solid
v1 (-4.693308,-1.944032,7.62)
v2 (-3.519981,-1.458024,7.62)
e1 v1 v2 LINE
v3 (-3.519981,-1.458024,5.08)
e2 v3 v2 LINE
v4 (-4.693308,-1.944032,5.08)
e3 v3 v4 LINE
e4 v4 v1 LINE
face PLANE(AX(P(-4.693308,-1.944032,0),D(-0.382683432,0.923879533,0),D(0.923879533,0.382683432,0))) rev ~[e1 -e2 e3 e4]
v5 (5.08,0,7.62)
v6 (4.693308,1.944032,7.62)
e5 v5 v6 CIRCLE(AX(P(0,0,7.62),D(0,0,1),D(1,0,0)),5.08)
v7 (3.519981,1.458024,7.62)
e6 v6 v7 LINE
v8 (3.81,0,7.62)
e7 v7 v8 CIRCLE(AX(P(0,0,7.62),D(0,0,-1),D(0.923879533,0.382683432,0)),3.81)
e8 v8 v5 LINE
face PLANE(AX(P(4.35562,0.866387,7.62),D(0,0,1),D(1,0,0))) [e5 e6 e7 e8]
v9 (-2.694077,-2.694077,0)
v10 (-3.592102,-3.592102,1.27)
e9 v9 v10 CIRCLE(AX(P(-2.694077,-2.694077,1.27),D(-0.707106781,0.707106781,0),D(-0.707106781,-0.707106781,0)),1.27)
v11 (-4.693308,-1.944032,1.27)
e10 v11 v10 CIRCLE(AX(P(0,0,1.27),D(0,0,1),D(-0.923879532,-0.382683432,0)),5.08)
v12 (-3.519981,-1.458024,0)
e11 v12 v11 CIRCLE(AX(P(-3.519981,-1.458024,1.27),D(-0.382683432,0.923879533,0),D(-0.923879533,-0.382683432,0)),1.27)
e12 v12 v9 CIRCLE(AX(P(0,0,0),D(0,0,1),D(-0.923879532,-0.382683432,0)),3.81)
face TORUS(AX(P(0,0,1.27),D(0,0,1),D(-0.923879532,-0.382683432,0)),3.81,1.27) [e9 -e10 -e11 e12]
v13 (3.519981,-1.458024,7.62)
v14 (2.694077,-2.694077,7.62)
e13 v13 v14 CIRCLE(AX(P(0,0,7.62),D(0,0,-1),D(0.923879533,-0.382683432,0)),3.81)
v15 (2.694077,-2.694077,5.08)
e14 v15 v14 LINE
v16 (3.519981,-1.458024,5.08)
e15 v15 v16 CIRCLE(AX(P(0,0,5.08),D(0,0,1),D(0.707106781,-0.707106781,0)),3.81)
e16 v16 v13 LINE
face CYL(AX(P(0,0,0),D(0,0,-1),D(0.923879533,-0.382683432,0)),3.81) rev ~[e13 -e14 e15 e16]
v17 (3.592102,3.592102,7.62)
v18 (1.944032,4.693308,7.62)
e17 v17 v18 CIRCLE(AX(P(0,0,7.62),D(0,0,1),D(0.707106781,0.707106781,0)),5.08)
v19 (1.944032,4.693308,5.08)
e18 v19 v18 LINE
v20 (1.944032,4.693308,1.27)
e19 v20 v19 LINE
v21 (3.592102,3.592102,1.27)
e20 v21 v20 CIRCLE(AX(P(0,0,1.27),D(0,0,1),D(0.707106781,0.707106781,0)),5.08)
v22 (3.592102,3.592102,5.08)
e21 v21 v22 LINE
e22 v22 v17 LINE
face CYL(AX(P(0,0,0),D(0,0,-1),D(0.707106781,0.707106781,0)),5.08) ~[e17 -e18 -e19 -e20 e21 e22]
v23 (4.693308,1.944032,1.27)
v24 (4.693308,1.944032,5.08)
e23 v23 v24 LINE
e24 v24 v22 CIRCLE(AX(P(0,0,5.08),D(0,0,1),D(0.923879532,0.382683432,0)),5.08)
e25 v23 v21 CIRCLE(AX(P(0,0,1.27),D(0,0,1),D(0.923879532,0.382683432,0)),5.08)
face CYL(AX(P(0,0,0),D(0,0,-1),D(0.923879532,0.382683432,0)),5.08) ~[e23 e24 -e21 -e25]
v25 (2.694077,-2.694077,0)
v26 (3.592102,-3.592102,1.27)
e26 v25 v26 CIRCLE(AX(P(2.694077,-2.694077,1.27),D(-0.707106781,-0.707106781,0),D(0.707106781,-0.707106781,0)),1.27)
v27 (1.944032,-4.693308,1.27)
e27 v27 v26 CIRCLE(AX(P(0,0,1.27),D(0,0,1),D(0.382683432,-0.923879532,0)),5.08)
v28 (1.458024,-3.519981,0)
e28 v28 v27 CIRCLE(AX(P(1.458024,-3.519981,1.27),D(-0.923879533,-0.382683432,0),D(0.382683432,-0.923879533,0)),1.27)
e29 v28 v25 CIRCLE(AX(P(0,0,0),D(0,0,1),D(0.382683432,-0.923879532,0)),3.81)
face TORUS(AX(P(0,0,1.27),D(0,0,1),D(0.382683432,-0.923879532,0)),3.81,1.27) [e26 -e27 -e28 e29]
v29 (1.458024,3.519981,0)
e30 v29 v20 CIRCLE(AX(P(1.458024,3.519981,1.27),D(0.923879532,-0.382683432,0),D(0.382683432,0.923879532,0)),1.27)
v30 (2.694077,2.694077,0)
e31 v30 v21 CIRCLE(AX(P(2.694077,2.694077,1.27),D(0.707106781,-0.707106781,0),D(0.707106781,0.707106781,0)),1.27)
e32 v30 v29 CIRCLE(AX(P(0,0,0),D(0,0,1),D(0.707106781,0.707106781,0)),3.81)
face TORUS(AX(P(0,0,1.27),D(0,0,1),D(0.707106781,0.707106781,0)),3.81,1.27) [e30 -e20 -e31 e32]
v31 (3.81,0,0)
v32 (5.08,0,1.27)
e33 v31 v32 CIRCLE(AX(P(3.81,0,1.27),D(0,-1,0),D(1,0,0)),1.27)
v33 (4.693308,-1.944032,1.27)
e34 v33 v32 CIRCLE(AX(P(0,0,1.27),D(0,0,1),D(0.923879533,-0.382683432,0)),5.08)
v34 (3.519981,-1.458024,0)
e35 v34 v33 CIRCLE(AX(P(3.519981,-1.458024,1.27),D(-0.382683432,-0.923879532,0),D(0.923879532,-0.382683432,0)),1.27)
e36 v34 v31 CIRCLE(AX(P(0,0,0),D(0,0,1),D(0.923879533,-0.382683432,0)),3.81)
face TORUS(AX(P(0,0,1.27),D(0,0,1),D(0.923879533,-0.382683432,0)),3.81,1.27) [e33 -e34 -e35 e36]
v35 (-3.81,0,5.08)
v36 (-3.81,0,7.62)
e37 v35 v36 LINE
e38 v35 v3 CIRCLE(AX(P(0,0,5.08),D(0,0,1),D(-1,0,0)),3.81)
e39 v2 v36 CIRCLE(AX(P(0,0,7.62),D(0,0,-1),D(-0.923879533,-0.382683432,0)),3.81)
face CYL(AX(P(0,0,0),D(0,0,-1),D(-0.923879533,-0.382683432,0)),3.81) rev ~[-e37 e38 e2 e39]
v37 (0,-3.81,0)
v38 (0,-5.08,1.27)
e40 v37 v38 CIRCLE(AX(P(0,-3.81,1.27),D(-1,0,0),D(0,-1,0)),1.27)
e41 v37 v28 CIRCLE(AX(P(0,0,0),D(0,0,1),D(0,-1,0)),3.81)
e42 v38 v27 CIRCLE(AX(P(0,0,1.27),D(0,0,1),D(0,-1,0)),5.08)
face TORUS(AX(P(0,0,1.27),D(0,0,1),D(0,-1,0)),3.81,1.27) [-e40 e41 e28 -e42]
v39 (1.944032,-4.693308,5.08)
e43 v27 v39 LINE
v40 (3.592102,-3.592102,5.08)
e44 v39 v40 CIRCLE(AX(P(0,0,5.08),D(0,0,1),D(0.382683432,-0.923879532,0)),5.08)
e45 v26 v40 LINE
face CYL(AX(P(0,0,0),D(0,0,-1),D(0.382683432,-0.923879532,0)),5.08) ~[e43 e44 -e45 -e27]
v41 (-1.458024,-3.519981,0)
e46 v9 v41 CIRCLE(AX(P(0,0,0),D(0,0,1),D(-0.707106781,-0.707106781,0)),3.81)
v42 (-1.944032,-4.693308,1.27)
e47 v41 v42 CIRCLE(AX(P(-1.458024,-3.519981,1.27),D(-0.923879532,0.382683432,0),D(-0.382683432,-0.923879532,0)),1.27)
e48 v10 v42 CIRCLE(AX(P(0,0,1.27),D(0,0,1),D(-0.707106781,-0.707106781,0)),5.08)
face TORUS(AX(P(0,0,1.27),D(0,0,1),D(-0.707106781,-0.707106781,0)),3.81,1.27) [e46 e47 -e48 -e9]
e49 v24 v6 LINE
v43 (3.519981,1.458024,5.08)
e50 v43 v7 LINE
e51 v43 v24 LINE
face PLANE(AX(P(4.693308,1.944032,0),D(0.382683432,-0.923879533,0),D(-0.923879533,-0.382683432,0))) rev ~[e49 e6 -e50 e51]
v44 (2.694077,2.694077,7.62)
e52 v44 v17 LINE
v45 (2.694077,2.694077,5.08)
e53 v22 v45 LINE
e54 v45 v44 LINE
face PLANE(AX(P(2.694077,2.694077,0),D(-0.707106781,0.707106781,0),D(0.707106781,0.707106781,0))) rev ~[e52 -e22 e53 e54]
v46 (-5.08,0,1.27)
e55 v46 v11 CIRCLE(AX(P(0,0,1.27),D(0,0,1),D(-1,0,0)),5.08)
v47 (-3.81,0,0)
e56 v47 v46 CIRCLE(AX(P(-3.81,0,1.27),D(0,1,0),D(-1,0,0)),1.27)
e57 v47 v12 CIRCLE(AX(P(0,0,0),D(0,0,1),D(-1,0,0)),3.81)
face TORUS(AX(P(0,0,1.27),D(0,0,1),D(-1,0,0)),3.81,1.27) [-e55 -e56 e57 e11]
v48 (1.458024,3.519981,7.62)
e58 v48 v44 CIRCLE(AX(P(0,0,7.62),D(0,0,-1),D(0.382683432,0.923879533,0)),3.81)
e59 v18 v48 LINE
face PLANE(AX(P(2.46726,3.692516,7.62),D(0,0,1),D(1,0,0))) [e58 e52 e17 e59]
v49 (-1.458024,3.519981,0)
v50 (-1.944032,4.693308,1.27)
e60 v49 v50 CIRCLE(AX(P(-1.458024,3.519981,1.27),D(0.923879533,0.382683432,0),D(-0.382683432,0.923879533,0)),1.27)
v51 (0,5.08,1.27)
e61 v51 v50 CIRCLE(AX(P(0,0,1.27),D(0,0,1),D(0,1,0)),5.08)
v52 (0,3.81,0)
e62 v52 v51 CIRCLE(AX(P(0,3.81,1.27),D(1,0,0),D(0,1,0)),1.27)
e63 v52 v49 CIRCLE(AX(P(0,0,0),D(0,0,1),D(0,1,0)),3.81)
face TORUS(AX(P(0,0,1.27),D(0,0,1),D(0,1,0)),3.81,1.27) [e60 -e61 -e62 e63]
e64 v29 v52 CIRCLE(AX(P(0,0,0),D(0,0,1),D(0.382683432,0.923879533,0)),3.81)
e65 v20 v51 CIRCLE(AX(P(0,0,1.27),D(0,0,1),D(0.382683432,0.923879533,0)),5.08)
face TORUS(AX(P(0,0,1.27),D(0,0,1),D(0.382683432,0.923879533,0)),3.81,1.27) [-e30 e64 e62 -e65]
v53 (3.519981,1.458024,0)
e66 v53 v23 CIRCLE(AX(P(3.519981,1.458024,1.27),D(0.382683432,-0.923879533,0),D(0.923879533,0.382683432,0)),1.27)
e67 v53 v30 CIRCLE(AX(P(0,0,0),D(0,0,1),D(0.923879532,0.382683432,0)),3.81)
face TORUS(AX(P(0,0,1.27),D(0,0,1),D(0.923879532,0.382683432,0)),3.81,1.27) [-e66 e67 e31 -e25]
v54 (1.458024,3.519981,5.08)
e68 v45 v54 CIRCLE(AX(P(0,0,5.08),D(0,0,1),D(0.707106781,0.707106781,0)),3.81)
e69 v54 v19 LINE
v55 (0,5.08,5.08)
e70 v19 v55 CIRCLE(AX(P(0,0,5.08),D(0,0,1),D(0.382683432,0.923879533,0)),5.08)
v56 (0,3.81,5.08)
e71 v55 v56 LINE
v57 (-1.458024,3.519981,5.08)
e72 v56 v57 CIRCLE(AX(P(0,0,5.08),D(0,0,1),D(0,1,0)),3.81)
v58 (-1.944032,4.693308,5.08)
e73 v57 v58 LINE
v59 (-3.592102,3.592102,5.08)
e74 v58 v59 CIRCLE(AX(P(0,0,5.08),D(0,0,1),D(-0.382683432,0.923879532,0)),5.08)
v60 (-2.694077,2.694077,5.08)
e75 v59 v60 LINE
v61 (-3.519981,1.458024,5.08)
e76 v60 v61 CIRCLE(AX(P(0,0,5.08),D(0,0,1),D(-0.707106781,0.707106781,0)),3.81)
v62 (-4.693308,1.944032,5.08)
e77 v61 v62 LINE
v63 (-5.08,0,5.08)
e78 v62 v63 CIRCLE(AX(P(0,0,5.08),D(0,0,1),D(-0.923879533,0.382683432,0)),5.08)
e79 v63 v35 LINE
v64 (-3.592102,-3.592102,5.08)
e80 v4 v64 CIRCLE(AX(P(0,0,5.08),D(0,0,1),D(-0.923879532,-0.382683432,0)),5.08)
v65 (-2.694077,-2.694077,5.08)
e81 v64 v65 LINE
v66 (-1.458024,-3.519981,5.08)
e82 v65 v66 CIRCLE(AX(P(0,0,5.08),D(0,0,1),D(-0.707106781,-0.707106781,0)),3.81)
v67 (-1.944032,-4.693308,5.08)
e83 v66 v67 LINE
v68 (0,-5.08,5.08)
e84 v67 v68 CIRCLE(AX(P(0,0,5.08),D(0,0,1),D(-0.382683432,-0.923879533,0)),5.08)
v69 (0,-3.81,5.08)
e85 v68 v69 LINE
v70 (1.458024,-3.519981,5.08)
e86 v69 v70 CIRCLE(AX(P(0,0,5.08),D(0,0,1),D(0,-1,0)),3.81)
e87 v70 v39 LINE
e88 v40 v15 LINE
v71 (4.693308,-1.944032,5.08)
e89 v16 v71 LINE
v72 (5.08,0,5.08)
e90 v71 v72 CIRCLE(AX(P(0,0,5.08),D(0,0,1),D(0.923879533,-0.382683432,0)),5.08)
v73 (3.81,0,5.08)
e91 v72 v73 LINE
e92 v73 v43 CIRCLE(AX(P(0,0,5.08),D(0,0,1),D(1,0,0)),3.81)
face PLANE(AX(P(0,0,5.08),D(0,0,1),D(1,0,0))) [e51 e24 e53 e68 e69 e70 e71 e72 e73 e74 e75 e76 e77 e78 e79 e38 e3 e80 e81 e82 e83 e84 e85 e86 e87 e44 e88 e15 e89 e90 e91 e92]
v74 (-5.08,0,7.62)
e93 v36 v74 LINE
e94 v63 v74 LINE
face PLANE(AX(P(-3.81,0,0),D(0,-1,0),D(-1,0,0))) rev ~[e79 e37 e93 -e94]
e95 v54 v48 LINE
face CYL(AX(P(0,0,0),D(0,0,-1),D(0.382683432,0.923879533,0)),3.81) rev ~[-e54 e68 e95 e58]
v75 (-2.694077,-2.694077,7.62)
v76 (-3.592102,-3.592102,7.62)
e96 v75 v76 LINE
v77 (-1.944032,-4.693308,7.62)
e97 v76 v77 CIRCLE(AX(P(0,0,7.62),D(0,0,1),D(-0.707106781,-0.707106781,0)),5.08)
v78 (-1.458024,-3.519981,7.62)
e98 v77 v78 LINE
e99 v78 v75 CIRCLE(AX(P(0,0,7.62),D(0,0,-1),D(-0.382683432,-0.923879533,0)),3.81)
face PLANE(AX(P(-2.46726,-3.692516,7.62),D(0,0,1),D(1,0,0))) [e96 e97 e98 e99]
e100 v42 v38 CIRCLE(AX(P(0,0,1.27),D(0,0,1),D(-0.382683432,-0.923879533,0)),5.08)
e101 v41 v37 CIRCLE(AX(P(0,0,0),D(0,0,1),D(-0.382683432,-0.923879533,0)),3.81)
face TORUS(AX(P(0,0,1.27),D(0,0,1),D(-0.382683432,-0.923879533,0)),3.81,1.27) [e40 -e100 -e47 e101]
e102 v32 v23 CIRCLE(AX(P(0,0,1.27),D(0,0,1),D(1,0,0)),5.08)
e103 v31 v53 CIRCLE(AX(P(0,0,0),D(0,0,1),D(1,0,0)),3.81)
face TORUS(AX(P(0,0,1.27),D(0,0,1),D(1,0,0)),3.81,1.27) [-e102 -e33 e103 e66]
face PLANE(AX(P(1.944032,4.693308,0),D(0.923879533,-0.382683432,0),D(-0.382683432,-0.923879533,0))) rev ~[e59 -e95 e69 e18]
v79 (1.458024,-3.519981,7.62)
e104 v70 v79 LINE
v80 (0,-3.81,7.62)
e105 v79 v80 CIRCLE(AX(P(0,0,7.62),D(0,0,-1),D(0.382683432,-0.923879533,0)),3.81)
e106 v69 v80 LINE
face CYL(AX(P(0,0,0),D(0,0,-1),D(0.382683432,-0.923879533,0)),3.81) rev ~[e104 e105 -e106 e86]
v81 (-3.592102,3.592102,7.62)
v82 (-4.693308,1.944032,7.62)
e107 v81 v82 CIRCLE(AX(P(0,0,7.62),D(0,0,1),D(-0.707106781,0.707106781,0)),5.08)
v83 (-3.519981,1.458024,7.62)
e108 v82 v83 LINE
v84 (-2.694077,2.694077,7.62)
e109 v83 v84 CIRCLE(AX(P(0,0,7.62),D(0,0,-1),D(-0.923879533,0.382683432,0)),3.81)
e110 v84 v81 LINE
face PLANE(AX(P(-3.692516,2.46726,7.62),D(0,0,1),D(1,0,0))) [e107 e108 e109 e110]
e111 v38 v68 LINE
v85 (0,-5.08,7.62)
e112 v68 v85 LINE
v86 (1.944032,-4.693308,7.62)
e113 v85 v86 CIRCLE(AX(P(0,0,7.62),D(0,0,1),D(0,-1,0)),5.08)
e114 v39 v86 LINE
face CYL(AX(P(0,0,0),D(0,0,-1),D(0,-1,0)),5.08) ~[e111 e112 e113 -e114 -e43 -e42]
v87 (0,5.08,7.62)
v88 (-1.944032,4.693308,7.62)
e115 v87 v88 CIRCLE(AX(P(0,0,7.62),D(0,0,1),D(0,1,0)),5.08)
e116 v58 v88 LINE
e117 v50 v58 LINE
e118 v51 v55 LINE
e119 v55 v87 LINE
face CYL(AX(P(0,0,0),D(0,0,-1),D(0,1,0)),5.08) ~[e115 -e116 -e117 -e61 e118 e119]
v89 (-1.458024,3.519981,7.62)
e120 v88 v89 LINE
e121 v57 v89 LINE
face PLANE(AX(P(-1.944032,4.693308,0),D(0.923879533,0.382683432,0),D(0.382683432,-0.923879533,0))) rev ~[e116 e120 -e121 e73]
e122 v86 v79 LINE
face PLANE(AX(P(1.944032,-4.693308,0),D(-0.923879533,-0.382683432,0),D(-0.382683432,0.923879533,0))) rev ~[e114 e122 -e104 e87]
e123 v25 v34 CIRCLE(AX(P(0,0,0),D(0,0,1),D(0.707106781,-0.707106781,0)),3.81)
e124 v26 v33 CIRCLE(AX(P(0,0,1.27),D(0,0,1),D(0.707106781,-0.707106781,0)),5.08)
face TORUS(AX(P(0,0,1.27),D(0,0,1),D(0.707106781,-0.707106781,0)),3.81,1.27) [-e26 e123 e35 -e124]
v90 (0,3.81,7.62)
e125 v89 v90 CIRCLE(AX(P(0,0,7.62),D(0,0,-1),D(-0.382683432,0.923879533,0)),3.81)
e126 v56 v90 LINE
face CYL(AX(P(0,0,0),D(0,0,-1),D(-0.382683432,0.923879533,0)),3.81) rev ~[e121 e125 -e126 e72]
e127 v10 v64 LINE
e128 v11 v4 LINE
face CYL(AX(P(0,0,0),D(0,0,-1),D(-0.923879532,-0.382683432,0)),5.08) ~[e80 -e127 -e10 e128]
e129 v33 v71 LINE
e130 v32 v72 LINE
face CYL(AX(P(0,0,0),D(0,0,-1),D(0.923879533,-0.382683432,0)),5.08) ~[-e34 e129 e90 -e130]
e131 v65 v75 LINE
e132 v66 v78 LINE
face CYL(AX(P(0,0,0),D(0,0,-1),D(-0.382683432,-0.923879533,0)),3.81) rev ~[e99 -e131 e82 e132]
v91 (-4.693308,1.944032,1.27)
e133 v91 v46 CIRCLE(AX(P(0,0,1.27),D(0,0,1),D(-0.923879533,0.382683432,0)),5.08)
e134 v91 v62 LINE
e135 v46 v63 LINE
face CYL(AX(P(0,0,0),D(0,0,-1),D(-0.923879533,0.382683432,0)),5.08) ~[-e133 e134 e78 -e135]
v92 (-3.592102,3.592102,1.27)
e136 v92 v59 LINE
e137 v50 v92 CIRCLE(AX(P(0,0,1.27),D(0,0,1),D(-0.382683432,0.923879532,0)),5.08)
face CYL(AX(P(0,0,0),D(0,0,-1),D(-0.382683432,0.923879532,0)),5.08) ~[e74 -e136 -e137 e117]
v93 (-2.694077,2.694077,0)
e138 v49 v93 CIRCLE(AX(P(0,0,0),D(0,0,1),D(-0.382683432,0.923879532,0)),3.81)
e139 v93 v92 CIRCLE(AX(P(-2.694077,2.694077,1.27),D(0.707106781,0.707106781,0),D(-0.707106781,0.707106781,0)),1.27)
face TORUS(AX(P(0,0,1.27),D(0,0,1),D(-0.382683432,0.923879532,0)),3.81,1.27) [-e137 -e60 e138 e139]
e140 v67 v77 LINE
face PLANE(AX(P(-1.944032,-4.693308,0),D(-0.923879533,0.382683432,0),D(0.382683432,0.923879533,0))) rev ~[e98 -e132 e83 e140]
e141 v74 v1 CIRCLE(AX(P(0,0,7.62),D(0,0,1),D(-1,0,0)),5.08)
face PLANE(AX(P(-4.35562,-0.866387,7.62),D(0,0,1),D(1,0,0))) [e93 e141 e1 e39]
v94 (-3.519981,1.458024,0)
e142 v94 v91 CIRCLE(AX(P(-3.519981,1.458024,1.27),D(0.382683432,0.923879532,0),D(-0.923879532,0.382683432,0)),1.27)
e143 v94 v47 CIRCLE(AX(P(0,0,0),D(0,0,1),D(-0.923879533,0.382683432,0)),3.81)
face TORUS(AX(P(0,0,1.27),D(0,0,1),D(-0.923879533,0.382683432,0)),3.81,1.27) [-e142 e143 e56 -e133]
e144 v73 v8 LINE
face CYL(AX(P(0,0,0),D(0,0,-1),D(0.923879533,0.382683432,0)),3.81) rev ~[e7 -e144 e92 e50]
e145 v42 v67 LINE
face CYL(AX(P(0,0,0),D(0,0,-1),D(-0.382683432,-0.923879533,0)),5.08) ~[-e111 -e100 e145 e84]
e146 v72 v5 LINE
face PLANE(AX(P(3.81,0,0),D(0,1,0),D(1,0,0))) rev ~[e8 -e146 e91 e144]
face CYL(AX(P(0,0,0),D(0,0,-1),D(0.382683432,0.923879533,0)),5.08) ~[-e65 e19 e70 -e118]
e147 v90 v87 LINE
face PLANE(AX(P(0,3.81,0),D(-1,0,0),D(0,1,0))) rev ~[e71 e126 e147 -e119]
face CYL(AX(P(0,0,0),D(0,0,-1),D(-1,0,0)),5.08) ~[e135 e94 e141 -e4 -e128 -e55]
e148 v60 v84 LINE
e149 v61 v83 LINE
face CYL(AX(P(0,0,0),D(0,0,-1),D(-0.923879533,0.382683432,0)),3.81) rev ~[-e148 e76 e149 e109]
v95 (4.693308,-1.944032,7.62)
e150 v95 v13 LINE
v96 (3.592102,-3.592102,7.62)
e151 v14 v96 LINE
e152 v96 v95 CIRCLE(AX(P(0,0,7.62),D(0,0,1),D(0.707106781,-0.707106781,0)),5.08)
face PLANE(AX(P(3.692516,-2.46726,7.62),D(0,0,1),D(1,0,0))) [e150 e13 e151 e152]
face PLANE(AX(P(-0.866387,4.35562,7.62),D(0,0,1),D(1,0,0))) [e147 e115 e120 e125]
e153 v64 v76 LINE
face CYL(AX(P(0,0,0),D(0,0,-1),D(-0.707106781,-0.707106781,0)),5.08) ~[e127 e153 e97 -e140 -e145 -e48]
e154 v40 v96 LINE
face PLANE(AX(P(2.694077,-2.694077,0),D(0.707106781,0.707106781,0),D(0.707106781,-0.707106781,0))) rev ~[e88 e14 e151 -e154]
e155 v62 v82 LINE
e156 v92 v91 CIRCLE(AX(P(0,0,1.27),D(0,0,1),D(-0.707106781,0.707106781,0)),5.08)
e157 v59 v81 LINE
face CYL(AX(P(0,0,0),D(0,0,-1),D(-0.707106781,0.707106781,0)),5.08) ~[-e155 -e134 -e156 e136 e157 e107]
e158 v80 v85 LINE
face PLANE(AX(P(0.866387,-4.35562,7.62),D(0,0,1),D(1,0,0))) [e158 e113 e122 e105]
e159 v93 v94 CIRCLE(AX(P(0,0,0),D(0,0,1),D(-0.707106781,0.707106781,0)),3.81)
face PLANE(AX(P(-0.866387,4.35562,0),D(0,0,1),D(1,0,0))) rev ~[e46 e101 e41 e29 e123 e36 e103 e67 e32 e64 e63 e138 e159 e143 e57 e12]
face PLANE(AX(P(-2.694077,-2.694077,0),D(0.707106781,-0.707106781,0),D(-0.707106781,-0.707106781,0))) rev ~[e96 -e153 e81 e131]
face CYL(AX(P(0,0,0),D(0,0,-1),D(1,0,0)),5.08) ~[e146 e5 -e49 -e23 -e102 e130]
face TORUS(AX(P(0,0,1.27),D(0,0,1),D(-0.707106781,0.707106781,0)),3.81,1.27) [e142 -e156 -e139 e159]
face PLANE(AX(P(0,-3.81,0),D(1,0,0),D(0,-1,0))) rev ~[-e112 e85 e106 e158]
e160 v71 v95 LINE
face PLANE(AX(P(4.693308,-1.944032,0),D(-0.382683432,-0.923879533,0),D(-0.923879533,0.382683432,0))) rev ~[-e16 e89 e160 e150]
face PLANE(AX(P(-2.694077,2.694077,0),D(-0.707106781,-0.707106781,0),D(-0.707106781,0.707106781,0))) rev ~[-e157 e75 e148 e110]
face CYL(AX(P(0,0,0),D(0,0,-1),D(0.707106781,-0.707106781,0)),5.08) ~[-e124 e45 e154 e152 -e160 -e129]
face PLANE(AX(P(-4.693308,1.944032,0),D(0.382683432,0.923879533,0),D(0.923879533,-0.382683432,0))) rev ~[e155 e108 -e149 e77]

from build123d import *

# Parameters (mm, degrees)
F1_DEPTH = 5.08
F2_DEPTH = 7.62
F3_R     = 1.27


with BuildPart() as f1:
    # F0 (on Top) → F1 (new body)
    with BuildSketch(Plane.XY):
        with BuildLine():
            ThreePointArc((4.6933080252, -1.9440318364), (4.9823892244, -0.9910588358), (5.08, 0))
            Line((5.08, 0), (3.81, 0))
            ThreePointArc((3.81, 0), (3.7367919183, 0.7432941269), (3.5199810189, 1.4580238773))
            Line((3.5199810189, 1.4580238773), (4.6933080252, 1.9440318364))
            ThreePointArc((4.6933080252, 1.9440318364), (4.2238656305, 2.8222967837), (3.5921024484, 3.5921024484))
            Line((3.5921024484, 3.5921024484), (2.6940768363, 2.6940768363))
            ThreePointArc((2.6940768363, 2.6940768363), (2.1167225878, 3.1678992229), (1.4580238773, 3.5199810189))
            Line((1.4580238773, 3.5199810189), (1.9440318364, 4.6933080252))
            ThreePointArc((1.9440318364, 4.6933080252), (0.9910588358, 4.9823892244), (0, 5.08))
            Line((0, 5.08), (0, 3.81))
            ThreePointArc((0, 3.81), (-0.7432941269, 3.7367919183), (-1.4580238773, 3.5199810189))
            Line((-1.4580238773, 3.5199810189), (-1.9440318364, 4.6933080252))
            ThreePointArc((-1.9440318364, 4.6933080252), (-2.8222967837, 4.2238656305), (-3.5921024484, 3.5921024484))
            Line((-3.5921024484, 3.5921024484), (-2.6940768363, 2.6940768363))
            ThreePointArc((-2.6940768363, 2.6940768363), (-3.1678992229, 2.1167225878), (-3.5199810189, 1.4580238773))
            Line((-3.5199810189, 1.4580238773), (-4.6933080252, 1.9440318364))
            ThreePointArc((-4.6933080252, 1.9440318364), (-4.9823892244, 0.9910588358), (-5.08, 0))
            Line((-5.08, 0), (-3.81, 0))
            ThreePointArc((-3.81, 0), (-3.7367919183, -0.7432941269), (-3.5199810189, -1.4580238773))
            Line((-3.5199810189, -1.4580238773), (-4.6933080252, -1.9440318364))
            ThreePointArc((-4.6933080252, -1.9440318364), (-4.2238656305, -2.8222967837), (-3.5921024484, -3.5921024484))
            Line((-3.5921024484, -3.5921024484), (-2.6940768363, -2.6940768363))
            ThreePointArc((-2.6940768363, -2.6940768363), (-2.1167225878, -3.1678992229), (-1.4580238773, -3.5199810189))
            Line((-1.4580238773, -3.5199810189), (-1.9440318364, -4.6933080252))
            ThreePointArc((-1.9440318364, -4.6933080252), (-0.9910588358, -4.9823892244), (0, -5.08))
            Line((0, -5.08), (0, -3.81))
            ThreePointArc((0, -3.81), (0.7432941269, -3.7367919183), (1.4580238773, -3.5199810189))
            Line((1.4580238773, -3.5199810189), (1.9440318364, -4.6933080252))
            ThreePointArc((1.9440318364, -4.6933080252), (2.8222967837, -4.2238656305), (3.5921024484, -3.5921024484))
            Line((3.5921024484, -3.5921024484), (2.6940768363, -2.6940768363))
            ThreePointArc((2.6940768363, -2.6940768363), (3.1678992229, -2.1167225878), (3.5199810189, -1.4580238773))
            Line((3.5199810189, -1.4580238773), (4.6933080252, -1.9440318364))
        make_face()
    extrude(amount=F1_DEPTH)

    # F0 (on Top) → F2 (join)
    with BuildSketch(Plane.XY):
        with BuildLine():
            Line((0, 3.81), (0, 5.08))
            ThreePointArc((0, 5.08), (-0.9910588358, 4.9823892244), (-1.9440318364, 4.6933080252))
            Line((-1.9440318364, 4.6933080252), (-1.4580238773, 3.5199810189))
            ThreePointArc((-1.4580238773, 3.5199810189), (-0.7432941269, 3.7367919183), (0, 3.81))
        make_face()
        with BuildLine():
            Line((2.6940768363, 2.6940768363), (3.5921024484, 3.5921024484))
            ThreePointArc((3.5921024484, 3.5921024484), (2.8222967837, 4.2238656305), (1.9440318364, 4.6933080252))
            Line((1.9440318364, 4.6933080252), (1.4580238773, 3.5199810189))
            ThreePointArc((1.4580238773, 3.5199810189), (2.1167225878, 3.1678992229), (2.6940768363, 2.6940768363))
        make_face()
        with BuildLine():
            Line((3.81, 0), (5.08, 0))
            ThreePointArc((5.08, 0), (4.9823892244, 0.9910588358), (4.6933080252, 1.9440318364))
            Line((4.6933080252, 1.9440318364), (3.5199810189, 1.4580238773))
            ThreePointArc((3.5199810189, 1.4580238773), (3.7367919183, 0.7432941269), (3.81, 0))
        make_face()
        with BuildLine():
            Line((-2.6940768363, 2.6940768363), (-3.5921024484, 3.5921024484))
            ThreePointArc((-3.5921024484, 3.5921024484), (-4.2238656305, 2.8222967837), (-4.6933080252, 1.9440318364))
            Line((-4.6933080252, 1.9440318364), (-3.5199810189, 1.4580238773))
            ThreePointArc((-3.5199810189, 1.4580238773), (-3.1678992229, 2.1167225878), (-2.6940768363, 2.6940768363))
        make_face()
        with BuildLine():
            ThreePointArc((-5.08, 0), (-4.9823892244, -0.9910588358), (-4.6933080252, -1.9440318364))
            Line((-4.6933080252, -1.9440318364), (-3.5199810189, -1.4580238773))
            ThreePointArc((-3.5199810189, -1.4580238773), (-3.7367919183, -0.7432941269), (-3.81, 0))
            Line((-3.81, 0), (-5.08, 0))
        make_face()
        with BuildLine():
            ThreePointArc((-3.5921024484, -3.5921024484), (-2.8222967837, -4.2238656305), (-1.9440318364, -4.6933080252))
            Line((-1.9440318364, -4.6933080252), (-1.4580238773, -3.5199810189))
            ThreePointArc((-1.4580238773, -3.5199810189), (-2.1167225878, -3.1678992229), (-2.6940768363, -2.6940768363))
            Line((-2.6940768363, -2.6940768363), (-3.5921024484, -3.5921024484))
        make_face()
        with BuildLine():
            ThreePointArc((0, -5.08), (0.9910588358, -4.9823892244), (1.9440318364, -4.6933080252))
            Line((1.9440318364, -4.6933080252), (1.4580238773, -3.5199810189))
            ThreePointArc((1.4580238773, -3.5199810189), (0.7432941269, -3.7367919183), (0, -3.81))
            Line((0, -3.81), (0, -5.08))
        make_face()
        with BuildLine():
            ThreePointArc((3.5921024484, -3.5921024484), (4.2238656305, -2.8222967837), (4.6933080252, -1.9440318364))
            Line((4.6933080252, -1.9440318364), (3.5199810189, -1.4580238773))
            ThreePointArc((3.5199810189, -1.4580238773), (3.1678992229, -2.1167225878), (2.6940768363, -2.6940768363))
            Line((2.6940768363, -2.6940768363), (3.5921024484, -3.5921024484))
        make_face()
    extrude(amount=F2_DEPTH)

    # F3
    f3_edges = [f1.edges().sort_by_distance(p)[0] for p in [
        (-1.944032, -4.693308, 0),
    ]]
    fillet(f3_edges, radius=F3_R)


solid = f1.part
